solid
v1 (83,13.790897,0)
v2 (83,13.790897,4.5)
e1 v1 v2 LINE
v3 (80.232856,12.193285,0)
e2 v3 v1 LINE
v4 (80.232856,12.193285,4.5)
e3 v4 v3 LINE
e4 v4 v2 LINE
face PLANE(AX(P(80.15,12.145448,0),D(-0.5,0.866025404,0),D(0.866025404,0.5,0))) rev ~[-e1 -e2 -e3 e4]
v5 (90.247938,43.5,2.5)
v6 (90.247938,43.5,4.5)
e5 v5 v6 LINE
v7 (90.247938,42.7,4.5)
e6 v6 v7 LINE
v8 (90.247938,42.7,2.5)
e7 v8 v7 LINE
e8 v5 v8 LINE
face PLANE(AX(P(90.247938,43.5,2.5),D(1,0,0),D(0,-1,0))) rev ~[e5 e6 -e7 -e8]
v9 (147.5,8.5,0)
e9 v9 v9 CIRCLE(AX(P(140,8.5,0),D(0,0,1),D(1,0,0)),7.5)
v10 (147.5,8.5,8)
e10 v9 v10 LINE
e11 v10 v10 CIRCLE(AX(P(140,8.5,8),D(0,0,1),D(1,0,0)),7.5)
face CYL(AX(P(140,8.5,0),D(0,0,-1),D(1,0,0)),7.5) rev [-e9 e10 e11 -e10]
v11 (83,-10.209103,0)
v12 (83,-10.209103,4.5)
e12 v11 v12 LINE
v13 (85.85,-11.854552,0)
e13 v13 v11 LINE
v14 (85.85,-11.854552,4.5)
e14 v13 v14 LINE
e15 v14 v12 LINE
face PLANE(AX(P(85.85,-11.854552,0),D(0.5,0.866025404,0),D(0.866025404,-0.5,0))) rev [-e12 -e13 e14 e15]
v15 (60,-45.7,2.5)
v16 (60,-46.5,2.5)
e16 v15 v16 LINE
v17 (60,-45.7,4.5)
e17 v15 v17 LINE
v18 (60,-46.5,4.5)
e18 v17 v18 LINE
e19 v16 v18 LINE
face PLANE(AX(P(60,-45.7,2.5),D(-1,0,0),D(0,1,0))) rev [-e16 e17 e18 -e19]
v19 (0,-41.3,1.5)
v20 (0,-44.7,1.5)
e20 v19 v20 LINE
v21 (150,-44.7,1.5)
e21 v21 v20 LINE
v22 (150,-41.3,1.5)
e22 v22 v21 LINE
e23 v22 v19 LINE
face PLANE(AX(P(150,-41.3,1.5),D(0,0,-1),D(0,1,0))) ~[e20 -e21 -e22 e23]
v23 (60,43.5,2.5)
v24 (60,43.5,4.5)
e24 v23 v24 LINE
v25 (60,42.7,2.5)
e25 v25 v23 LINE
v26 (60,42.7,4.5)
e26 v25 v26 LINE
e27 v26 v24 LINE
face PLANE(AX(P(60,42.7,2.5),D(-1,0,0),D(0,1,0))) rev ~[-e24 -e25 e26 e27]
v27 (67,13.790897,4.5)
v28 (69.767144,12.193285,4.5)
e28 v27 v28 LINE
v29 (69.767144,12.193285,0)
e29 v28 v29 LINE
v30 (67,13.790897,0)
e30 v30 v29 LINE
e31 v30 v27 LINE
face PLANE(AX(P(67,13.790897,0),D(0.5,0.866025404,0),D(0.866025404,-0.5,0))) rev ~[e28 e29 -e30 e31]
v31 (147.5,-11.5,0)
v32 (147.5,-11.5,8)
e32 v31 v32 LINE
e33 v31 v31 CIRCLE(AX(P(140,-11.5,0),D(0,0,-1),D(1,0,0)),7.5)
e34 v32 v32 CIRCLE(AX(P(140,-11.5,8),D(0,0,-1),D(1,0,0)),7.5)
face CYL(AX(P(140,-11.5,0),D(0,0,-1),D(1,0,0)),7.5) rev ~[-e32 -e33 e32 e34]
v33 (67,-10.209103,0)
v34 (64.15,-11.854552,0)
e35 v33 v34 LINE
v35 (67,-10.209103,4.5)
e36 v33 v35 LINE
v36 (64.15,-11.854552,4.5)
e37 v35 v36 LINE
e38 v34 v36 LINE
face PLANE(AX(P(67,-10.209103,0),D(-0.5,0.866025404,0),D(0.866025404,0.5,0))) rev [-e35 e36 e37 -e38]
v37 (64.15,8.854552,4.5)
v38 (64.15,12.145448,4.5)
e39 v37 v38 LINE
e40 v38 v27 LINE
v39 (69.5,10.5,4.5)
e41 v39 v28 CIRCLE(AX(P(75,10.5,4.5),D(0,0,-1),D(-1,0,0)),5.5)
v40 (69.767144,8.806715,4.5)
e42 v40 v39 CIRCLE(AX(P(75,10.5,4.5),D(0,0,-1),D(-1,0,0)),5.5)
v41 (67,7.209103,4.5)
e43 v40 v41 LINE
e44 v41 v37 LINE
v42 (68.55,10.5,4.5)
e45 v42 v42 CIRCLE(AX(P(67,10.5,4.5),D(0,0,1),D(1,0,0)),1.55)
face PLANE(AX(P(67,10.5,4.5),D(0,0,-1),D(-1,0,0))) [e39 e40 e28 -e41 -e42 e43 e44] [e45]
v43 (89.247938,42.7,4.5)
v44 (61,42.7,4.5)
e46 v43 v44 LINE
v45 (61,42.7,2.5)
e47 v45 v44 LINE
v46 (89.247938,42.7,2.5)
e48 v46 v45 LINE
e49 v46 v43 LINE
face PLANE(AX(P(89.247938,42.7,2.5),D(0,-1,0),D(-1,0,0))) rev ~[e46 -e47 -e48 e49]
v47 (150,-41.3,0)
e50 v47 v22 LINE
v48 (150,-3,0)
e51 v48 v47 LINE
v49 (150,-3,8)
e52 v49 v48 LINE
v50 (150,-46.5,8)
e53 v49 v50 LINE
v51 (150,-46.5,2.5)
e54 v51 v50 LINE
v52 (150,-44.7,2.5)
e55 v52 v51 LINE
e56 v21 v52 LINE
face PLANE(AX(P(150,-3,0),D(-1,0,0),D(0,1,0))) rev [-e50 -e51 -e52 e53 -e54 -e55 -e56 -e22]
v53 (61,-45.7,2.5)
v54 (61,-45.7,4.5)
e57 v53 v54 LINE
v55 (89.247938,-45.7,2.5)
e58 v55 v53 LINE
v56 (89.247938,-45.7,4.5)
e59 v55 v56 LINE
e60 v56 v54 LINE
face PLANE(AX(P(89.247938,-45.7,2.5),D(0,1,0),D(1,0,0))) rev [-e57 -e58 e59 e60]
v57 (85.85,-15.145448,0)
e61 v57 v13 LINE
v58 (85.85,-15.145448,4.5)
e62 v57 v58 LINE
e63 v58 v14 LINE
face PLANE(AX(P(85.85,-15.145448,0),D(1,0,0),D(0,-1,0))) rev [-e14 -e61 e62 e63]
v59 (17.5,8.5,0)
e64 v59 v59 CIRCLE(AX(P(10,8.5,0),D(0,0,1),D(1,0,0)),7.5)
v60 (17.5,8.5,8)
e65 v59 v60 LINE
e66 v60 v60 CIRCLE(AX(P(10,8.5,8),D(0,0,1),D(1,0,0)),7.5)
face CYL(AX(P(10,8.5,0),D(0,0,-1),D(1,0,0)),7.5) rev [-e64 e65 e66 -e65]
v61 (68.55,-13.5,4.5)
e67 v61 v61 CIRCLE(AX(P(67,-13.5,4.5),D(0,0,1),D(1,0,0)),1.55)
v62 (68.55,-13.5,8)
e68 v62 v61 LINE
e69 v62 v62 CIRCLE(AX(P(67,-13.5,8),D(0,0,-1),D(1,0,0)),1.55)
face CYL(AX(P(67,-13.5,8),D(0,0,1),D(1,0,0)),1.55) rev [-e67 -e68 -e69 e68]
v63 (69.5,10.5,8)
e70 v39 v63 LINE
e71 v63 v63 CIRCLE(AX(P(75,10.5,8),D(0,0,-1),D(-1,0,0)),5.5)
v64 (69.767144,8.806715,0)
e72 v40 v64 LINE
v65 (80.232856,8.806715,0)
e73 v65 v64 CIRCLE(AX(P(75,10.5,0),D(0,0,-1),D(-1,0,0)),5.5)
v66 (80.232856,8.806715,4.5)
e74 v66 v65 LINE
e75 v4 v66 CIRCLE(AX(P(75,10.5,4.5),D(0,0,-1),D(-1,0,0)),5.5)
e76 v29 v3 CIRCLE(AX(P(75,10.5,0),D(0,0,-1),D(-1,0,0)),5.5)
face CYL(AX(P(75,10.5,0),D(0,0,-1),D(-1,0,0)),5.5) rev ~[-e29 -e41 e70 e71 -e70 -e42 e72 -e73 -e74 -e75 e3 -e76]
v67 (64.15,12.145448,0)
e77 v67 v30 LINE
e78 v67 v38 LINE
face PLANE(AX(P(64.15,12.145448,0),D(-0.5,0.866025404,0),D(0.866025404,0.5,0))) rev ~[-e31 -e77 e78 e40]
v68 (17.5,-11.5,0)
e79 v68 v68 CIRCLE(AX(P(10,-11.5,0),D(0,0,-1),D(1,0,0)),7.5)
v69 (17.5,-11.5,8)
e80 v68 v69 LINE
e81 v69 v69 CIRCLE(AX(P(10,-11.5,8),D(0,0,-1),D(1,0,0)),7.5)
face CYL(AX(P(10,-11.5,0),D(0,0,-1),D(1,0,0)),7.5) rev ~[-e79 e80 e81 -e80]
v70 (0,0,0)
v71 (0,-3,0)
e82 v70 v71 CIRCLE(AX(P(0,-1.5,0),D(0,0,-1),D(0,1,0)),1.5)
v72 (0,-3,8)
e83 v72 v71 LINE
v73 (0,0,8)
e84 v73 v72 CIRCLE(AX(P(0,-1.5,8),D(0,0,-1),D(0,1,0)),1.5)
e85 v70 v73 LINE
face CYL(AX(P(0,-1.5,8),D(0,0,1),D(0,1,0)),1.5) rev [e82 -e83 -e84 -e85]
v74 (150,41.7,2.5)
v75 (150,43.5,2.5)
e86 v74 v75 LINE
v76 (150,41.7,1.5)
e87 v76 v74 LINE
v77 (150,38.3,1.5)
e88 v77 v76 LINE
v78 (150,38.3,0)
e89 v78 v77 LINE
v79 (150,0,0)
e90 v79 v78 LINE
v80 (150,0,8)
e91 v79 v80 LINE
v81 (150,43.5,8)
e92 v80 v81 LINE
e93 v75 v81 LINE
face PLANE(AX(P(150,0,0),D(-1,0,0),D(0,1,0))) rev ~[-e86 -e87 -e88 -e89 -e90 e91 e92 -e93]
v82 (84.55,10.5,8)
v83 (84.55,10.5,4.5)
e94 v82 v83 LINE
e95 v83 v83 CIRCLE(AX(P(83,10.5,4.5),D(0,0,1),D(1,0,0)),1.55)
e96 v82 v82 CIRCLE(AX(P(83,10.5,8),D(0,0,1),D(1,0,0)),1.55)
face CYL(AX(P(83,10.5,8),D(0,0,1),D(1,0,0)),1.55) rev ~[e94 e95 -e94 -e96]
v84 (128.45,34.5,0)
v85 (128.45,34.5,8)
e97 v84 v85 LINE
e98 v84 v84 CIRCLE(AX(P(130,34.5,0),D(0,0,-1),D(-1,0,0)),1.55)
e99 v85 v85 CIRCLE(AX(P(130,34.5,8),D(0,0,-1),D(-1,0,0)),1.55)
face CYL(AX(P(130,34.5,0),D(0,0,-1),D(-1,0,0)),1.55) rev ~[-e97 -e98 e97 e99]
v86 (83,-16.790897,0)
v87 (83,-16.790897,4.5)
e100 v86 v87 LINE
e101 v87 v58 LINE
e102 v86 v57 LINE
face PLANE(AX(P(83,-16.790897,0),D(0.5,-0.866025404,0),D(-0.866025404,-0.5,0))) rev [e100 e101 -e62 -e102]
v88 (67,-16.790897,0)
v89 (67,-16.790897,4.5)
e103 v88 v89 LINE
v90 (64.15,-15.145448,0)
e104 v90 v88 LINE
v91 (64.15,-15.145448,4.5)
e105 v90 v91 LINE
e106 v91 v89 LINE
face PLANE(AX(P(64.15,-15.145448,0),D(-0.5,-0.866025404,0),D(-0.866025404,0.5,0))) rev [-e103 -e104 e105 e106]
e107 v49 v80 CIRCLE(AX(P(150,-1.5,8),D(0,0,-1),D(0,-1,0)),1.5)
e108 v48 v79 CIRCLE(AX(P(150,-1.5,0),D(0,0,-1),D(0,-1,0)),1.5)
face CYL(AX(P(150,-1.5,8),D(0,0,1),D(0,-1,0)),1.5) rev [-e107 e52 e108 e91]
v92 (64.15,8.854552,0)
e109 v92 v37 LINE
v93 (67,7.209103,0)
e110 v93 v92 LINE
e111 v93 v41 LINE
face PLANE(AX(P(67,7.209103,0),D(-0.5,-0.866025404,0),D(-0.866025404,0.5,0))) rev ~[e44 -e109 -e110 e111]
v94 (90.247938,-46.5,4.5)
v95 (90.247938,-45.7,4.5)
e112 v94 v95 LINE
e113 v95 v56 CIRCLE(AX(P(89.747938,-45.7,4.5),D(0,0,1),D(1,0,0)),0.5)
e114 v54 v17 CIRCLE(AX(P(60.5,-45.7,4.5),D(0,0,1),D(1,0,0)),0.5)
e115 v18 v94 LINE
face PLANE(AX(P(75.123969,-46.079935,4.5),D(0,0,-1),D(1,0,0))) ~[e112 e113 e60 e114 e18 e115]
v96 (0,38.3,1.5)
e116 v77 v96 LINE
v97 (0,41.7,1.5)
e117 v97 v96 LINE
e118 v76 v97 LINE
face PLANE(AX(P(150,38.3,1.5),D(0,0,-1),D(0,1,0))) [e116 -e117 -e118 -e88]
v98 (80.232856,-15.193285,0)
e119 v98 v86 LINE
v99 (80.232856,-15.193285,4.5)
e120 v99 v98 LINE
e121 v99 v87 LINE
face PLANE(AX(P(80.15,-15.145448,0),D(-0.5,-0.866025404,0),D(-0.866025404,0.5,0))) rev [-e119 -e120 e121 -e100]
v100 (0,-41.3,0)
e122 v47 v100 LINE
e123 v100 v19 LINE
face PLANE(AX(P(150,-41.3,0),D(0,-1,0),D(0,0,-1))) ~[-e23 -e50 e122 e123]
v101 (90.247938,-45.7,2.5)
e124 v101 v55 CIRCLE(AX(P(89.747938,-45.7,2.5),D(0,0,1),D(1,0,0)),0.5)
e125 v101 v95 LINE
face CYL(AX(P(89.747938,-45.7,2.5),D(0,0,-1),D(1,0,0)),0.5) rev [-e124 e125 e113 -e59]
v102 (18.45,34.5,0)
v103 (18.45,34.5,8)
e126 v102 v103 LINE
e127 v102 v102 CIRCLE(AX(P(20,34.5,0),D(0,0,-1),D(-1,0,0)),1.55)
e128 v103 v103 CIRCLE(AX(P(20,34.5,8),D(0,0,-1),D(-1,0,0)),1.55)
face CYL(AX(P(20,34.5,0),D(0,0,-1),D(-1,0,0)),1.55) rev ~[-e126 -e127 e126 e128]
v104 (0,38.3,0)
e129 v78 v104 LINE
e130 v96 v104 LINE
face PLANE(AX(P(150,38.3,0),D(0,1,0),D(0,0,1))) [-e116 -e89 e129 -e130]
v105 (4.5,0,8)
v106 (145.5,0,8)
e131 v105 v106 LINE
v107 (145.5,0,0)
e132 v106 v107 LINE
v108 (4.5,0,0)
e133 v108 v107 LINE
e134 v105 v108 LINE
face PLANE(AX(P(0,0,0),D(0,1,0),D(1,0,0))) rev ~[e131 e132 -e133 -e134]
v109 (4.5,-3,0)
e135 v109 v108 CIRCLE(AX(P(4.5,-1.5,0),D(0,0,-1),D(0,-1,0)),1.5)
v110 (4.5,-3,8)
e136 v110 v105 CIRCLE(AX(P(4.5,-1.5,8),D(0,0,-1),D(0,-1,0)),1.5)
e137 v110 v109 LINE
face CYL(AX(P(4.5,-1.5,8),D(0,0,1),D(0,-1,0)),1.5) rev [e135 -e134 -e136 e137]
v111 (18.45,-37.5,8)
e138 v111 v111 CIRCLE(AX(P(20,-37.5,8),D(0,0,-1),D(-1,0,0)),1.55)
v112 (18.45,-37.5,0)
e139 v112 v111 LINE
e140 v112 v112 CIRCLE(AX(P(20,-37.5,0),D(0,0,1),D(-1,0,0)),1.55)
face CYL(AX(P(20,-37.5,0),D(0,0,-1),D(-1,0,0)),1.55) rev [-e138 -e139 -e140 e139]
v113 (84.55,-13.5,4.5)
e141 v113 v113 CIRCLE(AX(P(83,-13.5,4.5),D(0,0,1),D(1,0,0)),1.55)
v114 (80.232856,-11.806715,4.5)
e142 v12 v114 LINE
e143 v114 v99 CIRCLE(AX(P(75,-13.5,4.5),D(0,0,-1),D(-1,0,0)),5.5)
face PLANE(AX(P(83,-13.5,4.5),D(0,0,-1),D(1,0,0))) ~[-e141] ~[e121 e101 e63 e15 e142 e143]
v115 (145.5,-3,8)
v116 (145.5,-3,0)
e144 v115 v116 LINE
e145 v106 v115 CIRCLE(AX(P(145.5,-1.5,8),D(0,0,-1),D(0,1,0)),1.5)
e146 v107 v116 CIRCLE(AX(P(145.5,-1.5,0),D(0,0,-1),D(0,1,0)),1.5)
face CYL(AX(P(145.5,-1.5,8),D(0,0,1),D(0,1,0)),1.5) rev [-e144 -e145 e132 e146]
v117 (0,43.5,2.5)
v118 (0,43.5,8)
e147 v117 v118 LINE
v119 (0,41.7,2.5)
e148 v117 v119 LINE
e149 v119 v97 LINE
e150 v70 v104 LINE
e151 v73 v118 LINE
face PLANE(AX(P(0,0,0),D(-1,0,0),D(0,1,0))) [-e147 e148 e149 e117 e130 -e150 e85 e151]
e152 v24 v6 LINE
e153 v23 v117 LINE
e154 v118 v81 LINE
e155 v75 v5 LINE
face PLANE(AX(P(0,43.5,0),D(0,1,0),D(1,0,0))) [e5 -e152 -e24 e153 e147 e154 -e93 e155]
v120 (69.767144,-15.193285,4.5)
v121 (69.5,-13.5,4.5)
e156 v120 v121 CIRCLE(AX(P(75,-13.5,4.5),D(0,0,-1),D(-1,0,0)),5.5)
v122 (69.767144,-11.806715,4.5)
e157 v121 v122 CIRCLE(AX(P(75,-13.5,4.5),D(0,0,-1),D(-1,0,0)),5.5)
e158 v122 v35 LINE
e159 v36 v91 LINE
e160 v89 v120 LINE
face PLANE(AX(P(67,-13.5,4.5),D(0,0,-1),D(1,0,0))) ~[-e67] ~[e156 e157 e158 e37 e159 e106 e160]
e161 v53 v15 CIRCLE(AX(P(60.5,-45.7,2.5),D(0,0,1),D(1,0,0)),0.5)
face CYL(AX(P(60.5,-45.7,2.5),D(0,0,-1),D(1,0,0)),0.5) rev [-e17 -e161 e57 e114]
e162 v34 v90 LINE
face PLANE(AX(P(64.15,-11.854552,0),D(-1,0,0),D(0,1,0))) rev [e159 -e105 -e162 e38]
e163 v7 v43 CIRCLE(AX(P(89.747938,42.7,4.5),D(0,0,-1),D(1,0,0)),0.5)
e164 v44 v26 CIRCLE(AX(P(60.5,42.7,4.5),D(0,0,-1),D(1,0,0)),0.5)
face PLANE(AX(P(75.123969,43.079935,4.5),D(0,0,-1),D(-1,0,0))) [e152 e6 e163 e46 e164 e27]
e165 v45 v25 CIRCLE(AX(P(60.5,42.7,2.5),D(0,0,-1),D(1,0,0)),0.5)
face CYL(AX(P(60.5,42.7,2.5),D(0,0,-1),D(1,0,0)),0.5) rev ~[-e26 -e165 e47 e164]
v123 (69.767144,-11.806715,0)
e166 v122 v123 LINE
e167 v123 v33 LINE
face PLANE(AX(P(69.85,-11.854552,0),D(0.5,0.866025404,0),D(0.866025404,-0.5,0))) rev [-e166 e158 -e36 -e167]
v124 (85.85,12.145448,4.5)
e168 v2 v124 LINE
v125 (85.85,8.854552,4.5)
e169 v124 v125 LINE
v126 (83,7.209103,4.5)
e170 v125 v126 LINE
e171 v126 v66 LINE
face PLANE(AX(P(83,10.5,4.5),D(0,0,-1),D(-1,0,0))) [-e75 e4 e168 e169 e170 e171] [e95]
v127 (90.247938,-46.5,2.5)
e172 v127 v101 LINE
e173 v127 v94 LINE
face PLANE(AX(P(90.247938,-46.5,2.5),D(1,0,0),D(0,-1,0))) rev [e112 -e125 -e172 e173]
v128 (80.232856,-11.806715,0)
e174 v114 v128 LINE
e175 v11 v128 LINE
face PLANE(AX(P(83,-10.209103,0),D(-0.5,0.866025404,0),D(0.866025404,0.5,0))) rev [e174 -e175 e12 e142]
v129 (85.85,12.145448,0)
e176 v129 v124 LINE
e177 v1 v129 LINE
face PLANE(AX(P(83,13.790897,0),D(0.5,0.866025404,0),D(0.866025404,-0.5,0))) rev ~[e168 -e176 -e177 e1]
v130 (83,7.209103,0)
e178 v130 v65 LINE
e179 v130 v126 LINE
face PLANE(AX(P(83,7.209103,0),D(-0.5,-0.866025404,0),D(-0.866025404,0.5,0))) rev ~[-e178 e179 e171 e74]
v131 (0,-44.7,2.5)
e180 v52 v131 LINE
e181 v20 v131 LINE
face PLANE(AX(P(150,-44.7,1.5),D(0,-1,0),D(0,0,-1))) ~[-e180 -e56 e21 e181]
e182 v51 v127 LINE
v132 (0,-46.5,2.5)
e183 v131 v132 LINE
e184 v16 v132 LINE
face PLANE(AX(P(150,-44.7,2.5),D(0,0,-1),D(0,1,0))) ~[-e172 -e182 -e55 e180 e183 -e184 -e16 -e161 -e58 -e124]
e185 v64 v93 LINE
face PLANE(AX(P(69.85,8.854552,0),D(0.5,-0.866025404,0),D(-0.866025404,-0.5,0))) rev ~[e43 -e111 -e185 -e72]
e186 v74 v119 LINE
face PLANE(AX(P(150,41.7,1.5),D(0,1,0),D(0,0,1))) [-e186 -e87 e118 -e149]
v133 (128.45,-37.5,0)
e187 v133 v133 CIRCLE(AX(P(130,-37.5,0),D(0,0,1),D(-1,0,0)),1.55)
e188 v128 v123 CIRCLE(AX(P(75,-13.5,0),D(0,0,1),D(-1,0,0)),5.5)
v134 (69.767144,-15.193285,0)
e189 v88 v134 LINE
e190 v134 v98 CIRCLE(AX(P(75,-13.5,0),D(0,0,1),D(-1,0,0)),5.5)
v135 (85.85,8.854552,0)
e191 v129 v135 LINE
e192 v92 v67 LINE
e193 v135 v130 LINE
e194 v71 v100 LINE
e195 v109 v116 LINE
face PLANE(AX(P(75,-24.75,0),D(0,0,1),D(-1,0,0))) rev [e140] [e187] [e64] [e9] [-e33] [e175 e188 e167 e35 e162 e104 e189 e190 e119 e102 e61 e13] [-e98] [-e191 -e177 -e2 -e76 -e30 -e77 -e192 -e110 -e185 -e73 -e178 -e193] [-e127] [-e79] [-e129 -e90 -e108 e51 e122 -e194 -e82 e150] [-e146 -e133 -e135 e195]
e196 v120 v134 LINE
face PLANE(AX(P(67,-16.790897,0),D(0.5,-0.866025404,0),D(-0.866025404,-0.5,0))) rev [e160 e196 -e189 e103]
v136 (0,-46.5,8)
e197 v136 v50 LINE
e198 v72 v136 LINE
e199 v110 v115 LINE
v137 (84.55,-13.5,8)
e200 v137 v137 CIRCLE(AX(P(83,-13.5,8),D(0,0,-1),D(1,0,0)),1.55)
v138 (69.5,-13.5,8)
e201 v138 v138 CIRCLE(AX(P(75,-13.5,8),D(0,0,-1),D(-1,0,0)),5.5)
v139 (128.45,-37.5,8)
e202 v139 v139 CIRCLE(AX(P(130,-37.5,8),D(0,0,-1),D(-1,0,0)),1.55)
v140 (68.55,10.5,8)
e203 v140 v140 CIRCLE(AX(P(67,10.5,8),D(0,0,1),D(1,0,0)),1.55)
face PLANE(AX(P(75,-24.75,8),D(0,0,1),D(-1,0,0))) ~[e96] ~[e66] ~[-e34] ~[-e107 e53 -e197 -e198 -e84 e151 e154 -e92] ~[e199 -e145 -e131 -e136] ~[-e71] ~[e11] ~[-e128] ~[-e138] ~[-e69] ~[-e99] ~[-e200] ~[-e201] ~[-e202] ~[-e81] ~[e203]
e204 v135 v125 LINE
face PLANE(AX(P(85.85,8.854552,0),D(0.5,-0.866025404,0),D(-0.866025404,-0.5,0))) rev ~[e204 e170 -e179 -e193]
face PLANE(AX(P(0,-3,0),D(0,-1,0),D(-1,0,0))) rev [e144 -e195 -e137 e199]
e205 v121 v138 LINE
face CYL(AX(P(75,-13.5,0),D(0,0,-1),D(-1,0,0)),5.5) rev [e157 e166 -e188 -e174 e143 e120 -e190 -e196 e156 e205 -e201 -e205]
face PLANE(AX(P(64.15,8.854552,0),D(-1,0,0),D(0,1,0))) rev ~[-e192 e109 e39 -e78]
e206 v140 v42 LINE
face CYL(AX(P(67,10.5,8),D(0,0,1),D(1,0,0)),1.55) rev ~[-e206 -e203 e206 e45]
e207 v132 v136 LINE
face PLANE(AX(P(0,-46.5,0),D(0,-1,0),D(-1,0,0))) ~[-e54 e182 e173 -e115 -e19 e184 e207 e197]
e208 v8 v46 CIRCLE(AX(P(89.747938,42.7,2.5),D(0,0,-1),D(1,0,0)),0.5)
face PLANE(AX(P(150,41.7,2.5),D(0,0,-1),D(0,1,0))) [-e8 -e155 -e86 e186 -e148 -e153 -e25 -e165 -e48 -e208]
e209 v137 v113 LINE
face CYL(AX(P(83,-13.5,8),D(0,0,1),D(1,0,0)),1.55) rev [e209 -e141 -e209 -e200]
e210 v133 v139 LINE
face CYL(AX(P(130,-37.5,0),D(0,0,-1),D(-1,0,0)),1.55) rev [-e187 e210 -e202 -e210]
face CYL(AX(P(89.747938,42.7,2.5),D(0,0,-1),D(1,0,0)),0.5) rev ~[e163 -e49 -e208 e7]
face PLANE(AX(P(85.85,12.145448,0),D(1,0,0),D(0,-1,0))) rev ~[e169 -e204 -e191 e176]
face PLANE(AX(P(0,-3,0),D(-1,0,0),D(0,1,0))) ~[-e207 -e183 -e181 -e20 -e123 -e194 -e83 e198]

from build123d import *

# Parameters (mm, degrees)
SKETCH_2_W           = 150
SKETCH_2_H           = 43.5
SKETCH_2_R           = 7.5
SKETCH_2_R_2         = 4.05
EXTRUDE_1_DEPTH      = 8
CUT_EXTRUDE_2_DEPTH  = 157.38494173
SKETCH_5_R           = 1.55
CUT_EXTRUDE_3_DEPTH  = 157.38494173
SKETCH_20_R          = 5.5
CUT_EXTRUDE_17_DEPTH = 157.38494173
CUT_EXTRUDE_5_DEPTH  = 4.5
SKETCH_25_R          = 1.55
CUT_EXTRUDE_13_DEPTH = 157.38494173
CUT_EXTRUDE_11_DEPTH = 2
EXTRUDE_2_DEPTH      = 8


with BuildPart() as part:
    # 草图2 → 凸台-拉伸1 (new body)
    with BuildSketch(Plane.XY):
        with Locations((75, 21.75)):
            Rectangle(SKETCH_2_W, SKETCH_2_H)
        with Locations((10, 8.5)):
            Circle(SKETCH_2_R, mode=Mode.SUBTRACT)
        with Locations((75, 10.5)):
            Circle(SKETCH_2_R_2, mode=Mode.SUBTRACT)
        with Locations((140, 8.5)):
            Circle(SKETCH_2_R, mode=Mode.SUBTRACT)
    extrude_1 = extrude(amount=EXTRUDE_1_DEPTH)

    # 草图4 → 切除-拉伸2 (cut, through all)
    with BuildSketch(Plane(origin=(150, 0, 0), x_dir=(0, 0, -1), z_dir=(1, 0, 0))):
        Polygon((-1.5, 41.7), (-2.5, 41.7), (-2.5, 43.5), (0, 43.5), (0, 38.3), (-1.5, 38.3), align=None)
    cut_extrude_2 = extrude(amount=-CUT_EXTRUDE_2_DEPTH, mode=Mode.SUBTRACT)

    # 草图5 → 切除-拉伸3 (cut, through all)
    with BuildSketch(Plane.XY.offset(8)):
        with Locations((83, 10.5)):
            Circle(SKETCH_5_R)
        with Locations((67, 10.5)):
            Circle(SKETCH_5_R)
    cut_extrude_3 = extrude(amount=-CUT_EXTRUDE_3_DEPTH, mode=Mode.SUBTRACT)

    # 草图20 → 切除-拉伸17 (cut, through all)
    with BuildSketch(Plane(origin=(0, 0, 0), x_dir=(-1, 0, 0), z_dir=(0, 0, -1))):
        with Locations((-75, 10.5)):
            Circle(SKETCH_20_R)
    cut_extrude_17 = extrude(amount=-CUT_EXTRUDE_17_DEPTH, mode=Mode.SUBTRACT)

    # 草图8 → 切除-拉伸5 (cut)
    with BuildSketch(Plane(origin=(0, 0, 0), x_dir=(-1, 0, 0), z_dir=(0, 0, -1))):
        Polygon((-80.15, 8.854551733), (-80.15, 12.145448267), (-83, 13.790896534), (-85.85, 12.145448267), (-85.85, 8.854551733), (-83, 7.209103466), align=None)
        Polygon((-64.15, 8.854551733), (-64.15, 12.145448267), (-67, 13.790896534), (-69.85, 12.145448267), (-69.85, 8.854551733), (-67, 7.209103466), align=None)
    cut_extrude_5 = extrude(amount=-CUT_EXTRUDE_5_DEPTH, mode=Mode.SUBTRACT)

    # 草图25 → 切除-拉伸13 (cut, through all)
    with BuildSketch(Plane(origin=(0, 0, 0), x_dir=(-1, 0, 0), z_dir=(0, 0, -1))):
        with Locations((-130, 34.5)):
            Circle(SKETCH_25_R)
        with Locations((-20, 34.5)):
            Circle(SKETCH_25_R)
    cut_extrude_13 = extrude(amount=-CUT_EXTRUDE_13_DEPTH, mode=Mode.SUBTRACT)

    # 草图19 → 切除-拉伸11 (cut)
    with BuildSketch(Plane(origin=(0, 0, 2.5), x_dir=(-1, 0, 0), z_dir=(0, 0, -1))):
        with BuildLine():
            Line((-60, 43.5), (-90.247938178, 43.5))
            Line((-90.247938178, 43.5), (-90.247938178, 42.7))
            ThreePointArc((-90.247938178, 42.7), (-89.747938178, 42.2), (-89.247938178, 42.7))
            Line((-89.247938178, 42.7), (-61, 42.7))
            ThreePointArc((-61, 42.7), (-60.5, 42.2), (-60, 42.7))
            Line((-60, 42.7), (-60, 43.5))
        make_face()
    cut_extrude_11 = extrude(amount=-CUT_EXTRUDE_11_DEPTH, mode=Mode.SUBTRACT)

    # 草图22 → 凸台-拉伸2 (add)
    with BuildSketch(Plane.XY.offset(8)):
        with BuildLine():
            Line((0, -3), (4.5, -3))
            ThreePointArc((4.5, -3), (3, -1.5), (4.5, 0))
            Line((4.5, 0), (0, 0))
            ThreePointArc((0, 0), (1.5, -1.5), (0, -3))
        make_face()
        with BuildLine():
            Line((150, 0), (145.5, 0))
            ThreePointArc((145.5, 0), (147, -1.5), (145.5, -3))
            Line((145.5, -3), (150, -3))
            ThreePointArc((150, -3), (148.5, -1.5), (150, 0))
        make_face()
    extrude(amount=-EXTRUDE_2_DEPTH)

    # 镜向2: 凸台-拉伸1, 切除-拉伸2, 切除-拉伸3, 切除-拉伸17, 切除-拉伸5, 切除-拉伸13, 切除-拉伸11 across plane
    add(extrude_1.mirror(Plane(origin=(0, -1.5, 0), x_dir=(0, 0, 1), z_dir=(0, -1, 0))))
    add(cut_extrude_2.mirror(Plane(origin=(0, -1.5, 0), x_dir=(0, 0, 1), z_dir=(0, -1, 0))), mode=Mode.SUBTRACT)
    add(cut_extrude_3.mirror(Plane(origin=(0, -1.5, 0), x_dir=(0, 0, 1), z_dir=(0, -1, 0))), mode=Mode.SUBTRACT)
    add(cut_extrude_17.mirror(Plane(origin=(0, -1.5, 0), x_dir=(0, 0, 1), z_dir=(0, -1, 0))), mode=Mode.SUBTRACT)
    add(cut_extrude_5.mirror(Plane(origin=(0, -1.5, 0), x_dir=(0, 0, 1), z_dir=(0, -1, 0))), mode=Mode.SUBTRACT)
    add(cut_extrude_13.mirror(Plane(origin=(0, -1.5, 0), x_dir=(0, 0, 1), z_dir=(0, -1, 0))), mode=Mode.SUBTRACT)
    add(cut_extrude_11.mirror(Plane(origin=(0, -1.5, 0), x_dir=(0, 0, 1), z_dir=(0, -1, 0))), mode=Mode.SUBTRACT)


solid = part.part
